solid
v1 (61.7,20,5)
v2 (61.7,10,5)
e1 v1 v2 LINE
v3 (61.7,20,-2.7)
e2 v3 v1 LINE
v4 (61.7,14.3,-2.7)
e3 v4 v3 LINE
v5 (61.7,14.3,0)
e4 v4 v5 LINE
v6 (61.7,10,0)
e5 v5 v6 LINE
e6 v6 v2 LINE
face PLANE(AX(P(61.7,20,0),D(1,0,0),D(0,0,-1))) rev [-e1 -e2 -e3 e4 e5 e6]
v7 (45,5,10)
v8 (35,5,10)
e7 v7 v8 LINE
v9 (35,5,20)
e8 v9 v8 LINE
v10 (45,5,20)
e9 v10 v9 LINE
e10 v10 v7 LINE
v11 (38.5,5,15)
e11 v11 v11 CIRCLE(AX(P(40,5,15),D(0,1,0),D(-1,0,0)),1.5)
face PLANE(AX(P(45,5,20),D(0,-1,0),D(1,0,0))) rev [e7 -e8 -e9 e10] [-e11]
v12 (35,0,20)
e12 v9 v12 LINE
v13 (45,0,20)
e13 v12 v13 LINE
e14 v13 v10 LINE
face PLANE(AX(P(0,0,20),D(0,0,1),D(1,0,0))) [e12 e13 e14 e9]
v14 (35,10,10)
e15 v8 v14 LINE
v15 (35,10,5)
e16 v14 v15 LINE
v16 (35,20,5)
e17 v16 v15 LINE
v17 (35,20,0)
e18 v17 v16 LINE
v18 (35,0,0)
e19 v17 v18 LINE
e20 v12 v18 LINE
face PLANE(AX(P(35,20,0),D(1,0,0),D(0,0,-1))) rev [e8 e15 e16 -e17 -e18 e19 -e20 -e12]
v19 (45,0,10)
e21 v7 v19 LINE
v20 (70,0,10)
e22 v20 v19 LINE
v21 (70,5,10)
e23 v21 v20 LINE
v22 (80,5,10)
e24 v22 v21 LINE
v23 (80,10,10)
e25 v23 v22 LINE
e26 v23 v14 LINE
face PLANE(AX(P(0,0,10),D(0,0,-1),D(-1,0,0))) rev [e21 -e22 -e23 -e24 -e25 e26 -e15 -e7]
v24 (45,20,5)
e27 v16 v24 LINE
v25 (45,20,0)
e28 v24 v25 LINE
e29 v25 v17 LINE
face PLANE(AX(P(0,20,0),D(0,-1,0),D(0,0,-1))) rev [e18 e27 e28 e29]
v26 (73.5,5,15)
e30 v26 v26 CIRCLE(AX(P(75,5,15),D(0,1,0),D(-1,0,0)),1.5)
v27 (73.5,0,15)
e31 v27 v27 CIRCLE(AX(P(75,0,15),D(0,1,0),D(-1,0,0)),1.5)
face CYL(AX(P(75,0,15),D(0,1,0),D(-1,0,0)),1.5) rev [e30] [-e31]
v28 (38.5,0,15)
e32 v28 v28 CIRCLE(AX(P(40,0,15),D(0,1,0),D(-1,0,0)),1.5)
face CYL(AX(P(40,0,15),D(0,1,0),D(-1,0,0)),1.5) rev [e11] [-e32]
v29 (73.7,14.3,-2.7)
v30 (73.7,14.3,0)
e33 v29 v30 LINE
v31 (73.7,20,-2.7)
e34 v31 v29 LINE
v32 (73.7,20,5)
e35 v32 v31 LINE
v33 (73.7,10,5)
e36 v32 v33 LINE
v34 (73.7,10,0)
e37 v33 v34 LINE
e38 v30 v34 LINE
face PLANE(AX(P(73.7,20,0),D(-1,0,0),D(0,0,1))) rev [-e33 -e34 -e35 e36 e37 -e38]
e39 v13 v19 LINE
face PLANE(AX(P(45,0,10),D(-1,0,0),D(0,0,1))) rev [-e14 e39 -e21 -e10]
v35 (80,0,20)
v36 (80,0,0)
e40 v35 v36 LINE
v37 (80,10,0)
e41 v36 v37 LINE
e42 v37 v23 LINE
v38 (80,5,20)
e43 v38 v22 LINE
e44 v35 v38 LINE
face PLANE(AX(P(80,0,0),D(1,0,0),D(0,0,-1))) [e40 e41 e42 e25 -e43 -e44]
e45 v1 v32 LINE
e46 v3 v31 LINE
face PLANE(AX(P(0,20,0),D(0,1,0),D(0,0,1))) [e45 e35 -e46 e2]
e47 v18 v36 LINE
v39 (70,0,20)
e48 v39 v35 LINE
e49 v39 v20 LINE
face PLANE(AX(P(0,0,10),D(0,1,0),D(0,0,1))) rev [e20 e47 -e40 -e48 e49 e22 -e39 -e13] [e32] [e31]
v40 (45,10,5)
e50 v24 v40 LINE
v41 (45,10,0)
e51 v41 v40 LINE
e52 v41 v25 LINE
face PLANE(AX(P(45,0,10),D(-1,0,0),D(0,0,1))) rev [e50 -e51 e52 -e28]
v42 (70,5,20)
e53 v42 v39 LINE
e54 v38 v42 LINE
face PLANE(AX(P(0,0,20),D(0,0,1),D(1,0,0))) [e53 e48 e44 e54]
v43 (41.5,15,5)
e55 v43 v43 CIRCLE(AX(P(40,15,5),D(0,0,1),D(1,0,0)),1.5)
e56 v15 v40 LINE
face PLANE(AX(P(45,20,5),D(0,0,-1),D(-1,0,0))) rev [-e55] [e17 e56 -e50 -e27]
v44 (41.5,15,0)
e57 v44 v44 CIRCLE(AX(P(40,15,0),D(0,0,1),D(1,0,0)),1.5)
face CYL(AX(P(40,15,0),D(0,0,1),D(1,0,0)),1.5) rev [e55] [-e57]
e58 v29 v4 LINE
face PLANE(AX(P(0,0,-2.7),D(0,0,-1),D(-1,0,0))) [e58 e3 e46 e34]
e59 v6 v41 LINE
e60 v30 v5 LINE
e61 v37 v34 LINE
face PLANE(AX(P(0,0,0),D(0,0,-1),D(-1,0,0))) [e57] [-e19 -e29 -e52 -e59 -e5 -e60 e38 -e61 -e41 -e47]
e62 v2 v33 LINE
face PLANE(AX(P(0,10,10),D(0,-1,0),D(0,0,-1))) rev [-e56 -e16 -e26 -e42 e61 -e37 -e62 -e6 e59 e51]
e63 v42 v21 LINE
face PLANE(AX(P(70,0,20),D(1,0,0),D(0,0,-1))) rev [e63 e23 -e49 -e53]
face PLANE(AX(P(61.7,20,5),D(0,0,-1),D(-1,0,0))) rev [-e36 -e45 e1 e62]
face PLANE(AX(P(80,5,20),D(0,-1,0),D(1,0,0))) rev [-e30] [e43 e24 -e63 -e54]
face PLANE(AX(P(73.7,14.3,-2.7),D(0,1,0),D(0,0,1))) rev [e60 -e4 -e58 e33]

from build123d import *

# Parameters (mm, degrees)
SKETCH1_W           = 45
SKETCH1_H           = 10
BOSS_EXTRUDE1_DEPTH = 10
SKETCH2_W           = 10
SKETCH2_H           = 5
SKETCH2_W_2         = 12
BOSS_EXTRUDE2_DEPTH = 10
SKETCH3_W           = 10
SKETCH3_H           = 5
BOSS_EXTRUDE3_DEPTH = 10
SKETCH4_R           = 1.5
CUT_EXTRUDE1_DEPTH  = 5
SKETCH9_R           = 1.5
CUT_EXTRUDE6_DEPTH  = 5
SKETCH10_R          = 1.5
CUT_EXTRUDE7_DEPTH  = 5
SKETCH11_W          = 12
SKETCH11_H          = 5.7
BOSS_EXTRUDE4_DEPTH = 2.7
SKETCH7_W           = 10
SKETCH7_H           = 10
BOSS_EXTRUDE5_DEPTH = 35
SKETCH13_W          = 12
SKETCH13_H          = 5
BOSS_EXTRUDE6_DEPTH = 10
SKETCH14_W          = 12
SKETCH14_H          = 5.7
BOSS_EXTRUDE7_DEPTH = 2.7
SKETCH15_W          = 5
SKETCH15_H          = 10
CUT_EXTRUDE9_DEPTH  = 50
SKETCH16_W          = 10
SKETCH16_H          = 5
BOSS_EXTRUDE8_DEPTH = 10
SKETCH17_R          = 1.5
CUT_EXTRUDE10_DEPTH = 5


with BuildPart() as part:
    # Sketch1 → Boss-Extrude1 (new body)
    with BuildSketch(Plane.XY):
        with Locations((22.5, 5)):
            Rectangle(SKETCH1_W, SKETCH1_H)
    extrude(amount=BOSS_EXTRUDE1_DEPTH)

    # Sketch2 → Boss-Extrude2 (add)
    with BuildSketch(Plane(origin=(0, 10, 0), x_dir=(1, 0, 0), z_dir=(0, 1, 0))):
        with Locations((40, -2.5)):
            Rectangle(SKETCH2_W, SKETCH2_H)
        with Locations((12.3, -2.5)):
            Rectangle(SKETCH2_W_2, SKETCH2_H)
    extrude(amount=BOSS_EXTRUDE2_DEPTH)

    # Sketch3 → Boss-Extrude3 (add)
    with BuildSketch(Plane.XY.offset(10)):
        with Locations((5, 2.5)):
            Rectangle(SKETCH3_W, SKETCH3_H)
        with Locations((40, 2.5)):
            Rectangle(SKETCH3_W, SKETCH3_H)
    extrude(amount=BOSS_EXTRUDE3_DEPTH)

    # Sketch4 → Cut-Extrude1 (cut)
    with BuildSketch(Plane.ZY):
        with Locations((5, 5)):
            Circle(SKETCH4_R)
    extrude(amount=-CUT_EXTRUDE1_DEPTH, mode=Mode.SUBTRACT)

    # Sketch9 → Cut-Extrude6 (cut)
    with BuildSketch(Plane(origin=(0, 5, 0), x_dir=(1, 0, 0), z_dir=(0, 1, 0))):
        with Locations(Location((40, -15, 0), (0, 0, 180))):
            Circle(SKETCH9_R)
    extrude(amount=-CUT_EXTRUDE6_DEPTH, mode=Mode.SUBTRACT)

    # Sketch10 → Cut-Extrude7 (cut)
    with BuildSketch(Plane.XY.offset(5)):
        with Locations((40, 15)):
            Circle(SKETCH10_R)
    extrude(amount=-CUT_EXTRUDE7_DEPTH, mode=Mode.SUBTRACT)

    # Sketch11 → Boss-Extrude4 (add)
    with BuildSketch(Plane(origin=(0, 0, 0), x_dir=(-1, 0, 0), z_dir=(0, 0, -1))):
        with Locations((-12.3, 17.15)):
            Rectangle(SKETCH11_W, SKETCH11_H)
    extrude(amount=BOSS_EXTRUDE4_DEPTH)

    # Sketch7 → Boss-Extrude5 (add)
    with BuildSketch(Plane(origin=(45, 0, 0), x_dir=(0, 0, -1), z_dir=(1, 0, 0))):
        with Locations((-5, 5)):
            Rectangle(SKETCH7_W, SKETCH7_H)
    extrude(amount=BOSS_EXTRUDE5_DEPTH)

    # Sketch13 → Boss-Extrude6 (add)
    with BuildSketch(Plane(origin=(0, 10, 0), x_dir=(1, 0, 0), z_dir=(0, 1, 0))):
        with Locations((67.7, -2.5)):
            Rectangle(SKETCH13_W, SKETCH13_H)
    extrude(amount=BOSS_EXTRUDE6_DEPTH)

    # Sketch14 → Boss-Extrude7 (add)
    with BuildSketch(Plane(origin=(0, 0, 0), x_dir=(-1, 0, 0), z_dir=(0, 0, -1))):
        with Locations((-67.7, 17.15)):
            Rectangle(SKETCH14_W, SKETCH14_H)
    extrude(amount=BOSS_EXTRUDE7_DEPTH)

    # Sketch15 → Cut-Extrude9 (cut)
    with BuildSketch(Plane.ZY.offset(-35)):
        Polygon((20, 20), (5, 20), (5, 10), (0, 10), (0, 0), (20, 0), align=None)
        with Locations((2.5, 15)):
            Rectangle(SKETCH15_W, SKETCH15_H)
        Polygon((0, 10), (0, 20), (-5, 20), (-5, 0), (0, 0), align=None)
    extrude(amount=CUT_EXTRUDE9_DEPTH, mode=Mode.SUBTRACT)

    # Sketch16 → Boss-Extrude8 (add)
    with BuildSketch(Plane.XY.offset(10)):
        with Locations((75, 2.5)):
            Rectangle(SKETCH16_W, SKETCH16_H)
    extrude(amount=BOSS_EXTRUDE8_DEPTH)

    # Sketch17 → Cut-Extrude10 (cut)
    with BuildSketch(Plane(origin=(0, 5, 0), x_dir=(1, 0, 0), z_dir=(0, 1, 0))):
        with Locations(Location((75, -15, 0), (0, 0, 180))):
            Circle(SKETCH17_R)
    extrude(amount=-CUT_EXTRUDE10_DEPTH, mode=Mode.SUBTRACT)


solid = part.part
